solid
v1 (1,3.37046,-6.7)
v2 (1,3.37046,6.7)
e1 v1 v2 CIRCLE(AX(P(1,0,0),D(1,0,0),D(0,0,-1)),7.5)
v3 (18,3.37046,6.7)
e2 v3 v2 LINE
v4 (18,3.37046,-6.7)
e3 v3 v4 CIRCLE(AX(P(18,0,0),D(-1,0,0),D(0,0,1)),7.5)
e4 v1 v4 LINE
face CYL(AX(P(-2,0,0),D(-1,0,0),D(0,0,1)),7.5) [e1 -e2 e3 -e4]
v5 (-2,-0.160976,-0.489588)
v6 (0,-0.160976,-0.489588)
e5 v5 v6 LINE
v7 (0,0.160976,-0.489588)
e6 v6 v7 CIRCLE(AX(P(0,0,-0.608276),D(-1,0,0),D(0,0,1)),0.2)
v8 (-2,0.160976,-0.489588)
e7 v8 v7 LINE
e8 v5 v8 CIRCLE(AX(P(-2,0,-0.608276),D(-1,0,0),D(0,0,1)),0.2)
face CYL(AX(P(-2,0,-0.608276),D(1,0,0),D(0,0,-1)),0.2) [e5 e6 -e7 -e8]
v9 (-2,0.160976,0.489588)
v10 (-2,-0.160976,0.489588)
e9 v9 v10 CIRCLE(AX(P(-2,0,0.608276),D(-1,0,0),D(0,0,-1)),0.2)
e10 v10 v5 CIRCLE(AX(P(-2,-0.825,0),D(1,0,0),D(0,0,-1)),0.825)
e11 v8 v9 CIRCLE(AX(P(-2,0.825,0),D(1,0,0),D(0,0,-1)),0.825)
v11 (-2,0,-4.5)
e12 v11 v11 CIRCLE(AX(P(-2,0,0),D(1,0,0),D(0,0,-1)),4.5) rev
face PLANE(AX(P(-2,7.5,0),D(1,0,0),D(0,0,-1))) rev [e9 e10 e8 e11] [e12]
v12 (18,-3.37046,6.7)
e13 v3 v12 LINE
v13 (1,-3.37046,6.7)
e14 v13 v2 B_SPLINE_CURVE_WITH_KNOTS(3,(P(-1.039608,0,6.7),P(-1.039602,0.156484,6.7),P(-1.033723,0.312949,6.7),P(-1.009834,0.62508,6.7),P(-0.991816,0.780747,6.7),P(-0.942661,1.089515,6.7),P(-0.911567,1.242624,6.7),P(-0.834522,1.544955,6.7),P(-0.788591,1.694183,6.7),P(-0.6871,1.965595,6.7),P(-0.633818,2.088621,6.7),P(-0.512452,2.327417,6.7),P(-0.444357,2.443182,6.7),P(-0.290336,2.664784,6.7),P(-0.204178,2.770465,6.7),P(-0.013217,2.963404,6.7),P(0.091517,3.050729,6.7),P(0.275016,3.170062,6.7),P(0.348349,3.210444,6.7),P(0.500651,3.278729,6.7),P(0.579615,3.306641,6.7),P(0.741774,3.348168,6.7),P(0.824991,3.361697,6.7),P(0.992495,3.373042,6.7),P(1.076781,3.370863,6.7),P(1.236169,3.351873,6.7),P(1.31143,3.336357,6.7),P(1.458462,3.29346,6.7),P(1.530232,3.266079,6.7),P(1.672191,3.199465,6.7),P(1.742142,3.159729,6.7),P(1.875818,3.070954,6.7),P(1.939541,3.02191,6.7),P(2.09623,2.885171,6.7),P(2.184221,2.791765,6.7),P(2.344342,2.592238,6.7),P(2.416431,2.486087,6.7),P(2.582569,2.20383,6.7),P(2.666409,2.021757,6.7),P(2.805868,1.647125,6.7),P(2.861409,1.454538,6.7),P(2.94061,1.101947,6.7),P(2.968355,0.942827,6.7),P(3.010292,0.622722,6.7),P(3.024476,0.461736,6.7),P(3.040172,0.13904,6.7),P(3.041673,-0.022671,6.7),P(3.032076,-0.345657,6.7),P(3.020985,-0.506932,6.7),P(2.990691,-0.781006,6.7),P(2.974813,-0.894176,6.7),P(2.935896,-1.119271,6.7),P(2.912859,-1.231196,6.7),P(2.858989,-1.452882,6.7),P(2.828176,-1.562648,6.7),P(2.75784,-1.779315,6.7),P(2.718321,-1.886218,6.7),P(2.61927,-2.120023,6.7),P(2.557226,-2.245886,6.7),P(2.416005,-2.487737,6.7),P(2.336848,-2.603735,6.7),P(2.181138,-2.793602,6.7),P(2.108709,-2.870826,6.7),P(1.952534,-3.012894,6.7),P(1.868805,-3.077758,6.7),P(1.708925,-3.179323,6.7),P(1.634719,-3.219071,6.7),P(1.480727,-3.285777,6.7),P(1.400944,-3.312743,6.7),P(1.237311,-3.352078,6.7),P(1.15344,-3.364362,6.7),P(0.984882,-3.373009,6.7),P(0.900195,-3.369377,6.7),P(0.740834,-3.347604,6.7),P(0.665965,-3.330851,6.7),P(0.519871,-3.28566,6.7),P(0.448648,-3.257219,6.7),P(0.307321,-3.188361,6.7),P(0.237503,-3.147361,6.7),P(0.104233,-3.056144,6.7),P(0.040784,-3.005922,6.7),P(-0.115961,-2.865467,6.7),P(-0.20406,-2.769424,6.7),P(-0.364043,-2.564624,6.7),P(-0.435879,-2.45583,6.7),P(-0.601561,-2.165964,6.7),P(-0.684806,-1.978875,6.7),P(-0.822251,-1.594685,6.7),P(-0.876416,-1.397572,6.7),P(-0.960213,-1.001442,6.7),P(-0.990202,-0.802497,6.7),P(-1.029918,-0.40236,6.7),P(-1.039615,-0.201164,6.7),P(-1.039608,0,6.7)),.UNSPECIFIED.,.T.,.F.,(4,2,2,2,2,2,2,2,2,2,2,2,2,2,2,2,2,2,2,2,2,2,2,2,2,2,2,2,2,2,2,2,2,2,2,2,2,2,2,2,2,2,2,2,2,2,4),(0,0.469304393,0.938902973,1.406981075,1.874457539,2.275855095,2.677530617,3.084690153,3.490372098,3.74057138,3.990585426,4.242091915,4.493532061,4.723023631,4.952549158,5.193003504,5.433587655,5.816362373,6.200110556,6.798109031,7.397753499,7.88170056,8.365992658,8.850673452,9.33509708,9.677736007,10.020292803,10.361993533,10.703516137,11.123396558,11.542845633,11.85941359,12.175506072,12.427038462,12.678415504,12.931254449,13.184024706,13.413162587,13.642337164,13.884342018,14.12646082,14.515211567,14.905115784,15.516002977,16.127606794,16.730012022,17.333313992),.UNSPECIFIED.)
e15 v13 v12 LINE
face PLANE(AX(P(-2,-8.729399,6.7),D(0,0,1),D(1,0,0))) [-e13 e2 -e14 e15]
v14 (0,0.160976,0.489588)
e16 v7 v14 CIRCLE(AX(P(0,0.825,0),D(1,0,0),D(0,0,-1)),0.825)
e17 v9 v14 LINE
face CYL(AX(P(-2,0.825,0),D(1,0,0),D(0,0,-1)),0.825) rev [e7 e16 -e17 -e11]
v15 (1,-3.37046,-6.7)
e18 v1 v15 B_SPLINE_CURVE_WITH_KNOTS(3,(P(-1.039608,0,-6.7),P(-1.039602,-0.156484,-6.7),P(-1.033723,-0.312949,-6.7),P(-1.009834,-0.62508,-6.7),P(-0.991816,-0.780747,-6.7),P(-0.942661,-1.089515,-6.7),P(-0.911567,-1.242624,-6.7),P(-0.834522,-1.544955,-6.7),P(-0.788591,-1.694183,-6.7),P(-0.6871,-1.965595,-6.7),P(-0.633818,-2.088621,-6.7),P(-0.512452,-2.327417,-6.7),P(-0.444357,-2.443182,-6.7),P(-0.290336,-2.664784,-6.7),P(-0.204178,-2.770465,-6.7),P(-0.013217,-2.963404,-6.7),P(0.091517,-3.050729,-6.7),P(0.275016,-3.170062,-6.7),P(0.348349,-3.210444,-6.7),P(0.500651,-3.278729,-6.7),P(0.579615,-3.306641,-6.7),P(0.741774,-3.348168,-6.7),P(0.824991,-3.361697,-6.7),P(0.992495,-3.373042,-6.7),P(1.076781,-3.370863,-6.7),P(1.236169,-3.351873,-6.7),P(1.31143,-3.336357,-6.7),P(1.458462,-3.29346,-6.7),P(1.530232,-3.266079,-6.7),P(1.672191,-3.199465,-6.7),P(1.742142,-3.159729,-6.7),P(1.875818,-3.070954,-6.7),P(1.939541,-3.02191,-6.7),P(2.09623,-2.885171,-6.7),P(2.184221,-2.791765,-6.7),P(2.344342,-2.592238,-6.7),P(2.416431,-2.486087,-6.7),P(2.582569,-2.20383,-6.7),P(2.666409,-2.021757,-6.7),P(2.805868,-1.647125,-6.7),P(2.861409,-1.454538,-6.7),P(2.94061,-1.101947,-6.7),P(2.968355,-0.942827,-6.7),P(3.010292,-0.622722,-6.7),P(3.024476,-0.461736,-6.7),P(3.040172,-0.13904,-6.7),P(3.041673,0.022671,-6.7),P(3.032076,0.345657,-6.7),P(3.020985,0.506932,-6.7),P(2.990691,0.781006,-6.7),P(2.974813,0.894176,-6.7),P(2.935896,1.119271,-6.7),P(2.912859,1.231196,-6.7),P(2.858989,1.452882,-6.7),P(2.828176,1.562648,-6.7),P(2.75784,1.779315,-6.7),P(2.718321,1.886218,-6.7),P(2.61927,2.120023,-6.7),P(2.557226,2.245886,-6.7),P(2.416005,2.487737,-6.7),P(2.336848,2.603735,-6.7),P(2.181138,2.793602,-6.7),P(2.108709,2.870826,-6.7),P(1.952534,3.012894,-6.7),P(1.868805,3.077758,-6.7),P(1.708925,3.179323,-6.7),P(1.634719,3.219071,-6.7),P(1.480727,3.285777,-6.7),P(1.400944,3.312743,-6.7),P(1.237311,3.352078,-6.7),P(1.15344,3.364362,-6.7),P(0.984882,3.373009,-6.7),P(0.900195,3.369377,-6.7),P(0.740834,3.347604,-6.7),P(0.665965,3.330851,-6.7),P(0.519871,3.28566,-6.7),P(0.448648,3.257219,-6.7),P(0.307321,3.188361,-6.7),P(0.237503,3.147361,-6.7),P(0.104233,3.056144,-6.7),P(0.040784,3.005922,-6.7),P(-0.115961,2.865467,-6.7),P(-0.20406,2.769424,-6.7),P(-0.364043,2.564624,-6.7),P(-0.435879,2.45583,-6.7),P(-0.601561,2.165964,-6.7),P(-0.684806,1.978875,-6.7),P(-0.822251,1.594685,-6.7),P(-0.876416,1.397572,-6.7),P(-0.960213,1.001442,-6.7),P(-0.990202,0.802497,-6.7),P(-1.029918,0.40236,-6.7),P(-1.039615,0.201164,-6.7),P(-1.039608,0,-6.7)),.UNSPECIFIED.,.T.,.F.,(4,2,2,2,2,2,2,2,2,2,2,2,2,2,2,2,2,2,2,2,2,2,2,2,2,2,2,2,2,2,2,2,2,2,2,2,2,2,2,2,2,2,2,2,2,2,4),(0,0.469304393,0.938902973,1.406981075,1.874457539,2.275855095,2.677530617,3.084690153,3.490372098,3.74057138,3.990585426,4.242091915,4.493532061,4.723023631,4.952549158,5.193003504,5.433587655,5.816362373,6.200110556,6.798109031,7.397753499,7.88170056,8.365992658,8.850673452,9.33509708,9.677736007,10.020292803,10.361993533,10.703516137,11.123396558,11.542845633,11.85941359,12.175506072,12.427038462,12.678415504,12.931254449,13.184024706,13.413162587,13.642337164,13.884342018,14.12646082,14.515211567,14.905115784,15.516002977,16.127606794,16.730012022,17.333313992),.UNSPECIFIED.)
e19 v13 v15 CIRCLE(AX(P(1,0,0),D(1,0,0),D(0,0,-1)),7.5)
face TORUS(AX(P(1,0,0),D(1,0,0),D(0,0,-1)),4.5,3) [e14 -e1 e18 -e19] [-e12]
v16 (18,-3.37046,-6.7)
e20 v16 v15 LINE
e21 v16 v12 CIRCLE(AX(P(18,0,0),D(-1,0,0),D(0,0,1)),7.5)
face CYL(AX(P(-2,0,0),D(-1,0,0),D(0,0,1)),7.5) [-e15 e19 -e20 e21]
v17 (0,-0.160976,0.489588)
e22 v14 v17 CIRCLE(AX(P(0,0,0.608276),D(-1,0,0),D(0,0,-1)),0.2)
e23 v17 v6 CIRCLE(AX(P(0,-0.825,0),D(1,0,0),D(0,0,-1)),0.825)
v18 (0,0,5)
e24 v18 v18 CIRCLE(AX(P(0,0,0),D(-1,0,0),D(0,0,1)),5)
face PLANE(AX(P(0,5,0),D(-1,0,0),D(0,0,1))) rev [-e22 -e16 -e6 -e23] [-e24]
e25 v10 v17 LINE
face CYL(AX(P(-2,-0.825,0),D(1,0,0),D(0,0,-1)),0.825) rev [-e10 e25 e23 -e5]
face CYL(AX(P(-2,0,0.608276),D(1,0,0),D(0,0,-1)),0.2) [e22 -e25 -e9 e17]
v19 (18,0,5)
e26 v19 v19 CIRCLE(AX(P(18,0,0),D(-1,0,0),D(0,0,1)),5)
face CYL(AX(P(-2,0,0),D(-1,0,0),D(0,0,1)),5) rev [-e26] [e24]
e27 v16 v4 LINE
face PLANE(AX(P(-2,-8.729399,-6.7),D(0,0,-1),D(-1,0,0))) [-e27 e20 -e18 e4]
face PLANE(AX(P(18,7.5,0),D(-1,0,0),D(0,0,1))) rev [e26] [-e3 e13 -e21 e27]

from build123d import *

# Parameters (mm, degrees)
FILLET1_R          = 3
SKETCH2_W          = 17.193533638
SKETCH2_H          = 22.71470374
SKETCH2_W_2        = 13.4
SKETCH2_H_2        = 17.458798434
CUT_EXTRUDE1_DEPTH = 23.638462845
CUT_EXTRUDE3_DEPTH = 21.618923503


with BuildPart() as part:
    # Sketch1 → Revolve1 (revolve)
    with BuildSketch(Plane.XY, mode=Mode.PRIVATE) as revolve1_sk:
        Polygon((18, 7.5), (18, 5), (0, 5), (0, 0), (-2, 0), (-2, 7.5), align=None)
    revolve(revolve1_sk.sketch.rotate(Axis((-2, 0, 0), (1, 0, 0)), 90), axis=Axis((-2, 0, 0), (1, 0, 0)))

    # Fillet1
    fillet1_edges = [part.edges().sort_by_distance(p)[0] for p in [
        (-2, 0, -7.5),
    ]]
    fillet(fillet1_edges, radius=FILLET1_R)

    # Sketch2 → Cut-Extrude1 (cut, through all)
    with BuildSketch(Plane(origin=(18, 0, 0), x_dir=(0, 0, -1), z_dir=(1, 0, 0))):
        Rectangle(SKETCH2_W, SKETCH2_H)
        Rectangle(SKETCH2_W_2, SKETCH2_H_2, mode=Mode.SUBTRACT)
    extrude(amount=-CUT_EXTRUDE1_DEPTH, mode=Mode.SUBTRACT)

    # Sketch3 → Cut-Extrude3 (cut, through all)
    with BuildSketch(Plane(origin=(0, 0, 0), x_dir=(0, 0, -1), z_dir=(1, 0, 0))):
        with BuildLine():
            ThreePointArc((0.489588204, 0.16097561), (0, 1.65), (-0.489588204, 0.16097561))
            ThreePointArc((-0.489588204, 0.16097561), (-0.408276253, 0), (-0.489588204, -0.16097561))
            ThreePointArc((-0.489588204, -0.16097561), (0, -1.65), (0.489588204, -0.16097561))
            ThreePointArc((0.489588204, -0.16097561), (0.408276253, 0), (0.489588204, 0.16097561))
        make_face()
    extrude(amount=-CUT_EXTRUDE3_DEPTH, mode=Mode.SUBTRACT)


solid = part.part
